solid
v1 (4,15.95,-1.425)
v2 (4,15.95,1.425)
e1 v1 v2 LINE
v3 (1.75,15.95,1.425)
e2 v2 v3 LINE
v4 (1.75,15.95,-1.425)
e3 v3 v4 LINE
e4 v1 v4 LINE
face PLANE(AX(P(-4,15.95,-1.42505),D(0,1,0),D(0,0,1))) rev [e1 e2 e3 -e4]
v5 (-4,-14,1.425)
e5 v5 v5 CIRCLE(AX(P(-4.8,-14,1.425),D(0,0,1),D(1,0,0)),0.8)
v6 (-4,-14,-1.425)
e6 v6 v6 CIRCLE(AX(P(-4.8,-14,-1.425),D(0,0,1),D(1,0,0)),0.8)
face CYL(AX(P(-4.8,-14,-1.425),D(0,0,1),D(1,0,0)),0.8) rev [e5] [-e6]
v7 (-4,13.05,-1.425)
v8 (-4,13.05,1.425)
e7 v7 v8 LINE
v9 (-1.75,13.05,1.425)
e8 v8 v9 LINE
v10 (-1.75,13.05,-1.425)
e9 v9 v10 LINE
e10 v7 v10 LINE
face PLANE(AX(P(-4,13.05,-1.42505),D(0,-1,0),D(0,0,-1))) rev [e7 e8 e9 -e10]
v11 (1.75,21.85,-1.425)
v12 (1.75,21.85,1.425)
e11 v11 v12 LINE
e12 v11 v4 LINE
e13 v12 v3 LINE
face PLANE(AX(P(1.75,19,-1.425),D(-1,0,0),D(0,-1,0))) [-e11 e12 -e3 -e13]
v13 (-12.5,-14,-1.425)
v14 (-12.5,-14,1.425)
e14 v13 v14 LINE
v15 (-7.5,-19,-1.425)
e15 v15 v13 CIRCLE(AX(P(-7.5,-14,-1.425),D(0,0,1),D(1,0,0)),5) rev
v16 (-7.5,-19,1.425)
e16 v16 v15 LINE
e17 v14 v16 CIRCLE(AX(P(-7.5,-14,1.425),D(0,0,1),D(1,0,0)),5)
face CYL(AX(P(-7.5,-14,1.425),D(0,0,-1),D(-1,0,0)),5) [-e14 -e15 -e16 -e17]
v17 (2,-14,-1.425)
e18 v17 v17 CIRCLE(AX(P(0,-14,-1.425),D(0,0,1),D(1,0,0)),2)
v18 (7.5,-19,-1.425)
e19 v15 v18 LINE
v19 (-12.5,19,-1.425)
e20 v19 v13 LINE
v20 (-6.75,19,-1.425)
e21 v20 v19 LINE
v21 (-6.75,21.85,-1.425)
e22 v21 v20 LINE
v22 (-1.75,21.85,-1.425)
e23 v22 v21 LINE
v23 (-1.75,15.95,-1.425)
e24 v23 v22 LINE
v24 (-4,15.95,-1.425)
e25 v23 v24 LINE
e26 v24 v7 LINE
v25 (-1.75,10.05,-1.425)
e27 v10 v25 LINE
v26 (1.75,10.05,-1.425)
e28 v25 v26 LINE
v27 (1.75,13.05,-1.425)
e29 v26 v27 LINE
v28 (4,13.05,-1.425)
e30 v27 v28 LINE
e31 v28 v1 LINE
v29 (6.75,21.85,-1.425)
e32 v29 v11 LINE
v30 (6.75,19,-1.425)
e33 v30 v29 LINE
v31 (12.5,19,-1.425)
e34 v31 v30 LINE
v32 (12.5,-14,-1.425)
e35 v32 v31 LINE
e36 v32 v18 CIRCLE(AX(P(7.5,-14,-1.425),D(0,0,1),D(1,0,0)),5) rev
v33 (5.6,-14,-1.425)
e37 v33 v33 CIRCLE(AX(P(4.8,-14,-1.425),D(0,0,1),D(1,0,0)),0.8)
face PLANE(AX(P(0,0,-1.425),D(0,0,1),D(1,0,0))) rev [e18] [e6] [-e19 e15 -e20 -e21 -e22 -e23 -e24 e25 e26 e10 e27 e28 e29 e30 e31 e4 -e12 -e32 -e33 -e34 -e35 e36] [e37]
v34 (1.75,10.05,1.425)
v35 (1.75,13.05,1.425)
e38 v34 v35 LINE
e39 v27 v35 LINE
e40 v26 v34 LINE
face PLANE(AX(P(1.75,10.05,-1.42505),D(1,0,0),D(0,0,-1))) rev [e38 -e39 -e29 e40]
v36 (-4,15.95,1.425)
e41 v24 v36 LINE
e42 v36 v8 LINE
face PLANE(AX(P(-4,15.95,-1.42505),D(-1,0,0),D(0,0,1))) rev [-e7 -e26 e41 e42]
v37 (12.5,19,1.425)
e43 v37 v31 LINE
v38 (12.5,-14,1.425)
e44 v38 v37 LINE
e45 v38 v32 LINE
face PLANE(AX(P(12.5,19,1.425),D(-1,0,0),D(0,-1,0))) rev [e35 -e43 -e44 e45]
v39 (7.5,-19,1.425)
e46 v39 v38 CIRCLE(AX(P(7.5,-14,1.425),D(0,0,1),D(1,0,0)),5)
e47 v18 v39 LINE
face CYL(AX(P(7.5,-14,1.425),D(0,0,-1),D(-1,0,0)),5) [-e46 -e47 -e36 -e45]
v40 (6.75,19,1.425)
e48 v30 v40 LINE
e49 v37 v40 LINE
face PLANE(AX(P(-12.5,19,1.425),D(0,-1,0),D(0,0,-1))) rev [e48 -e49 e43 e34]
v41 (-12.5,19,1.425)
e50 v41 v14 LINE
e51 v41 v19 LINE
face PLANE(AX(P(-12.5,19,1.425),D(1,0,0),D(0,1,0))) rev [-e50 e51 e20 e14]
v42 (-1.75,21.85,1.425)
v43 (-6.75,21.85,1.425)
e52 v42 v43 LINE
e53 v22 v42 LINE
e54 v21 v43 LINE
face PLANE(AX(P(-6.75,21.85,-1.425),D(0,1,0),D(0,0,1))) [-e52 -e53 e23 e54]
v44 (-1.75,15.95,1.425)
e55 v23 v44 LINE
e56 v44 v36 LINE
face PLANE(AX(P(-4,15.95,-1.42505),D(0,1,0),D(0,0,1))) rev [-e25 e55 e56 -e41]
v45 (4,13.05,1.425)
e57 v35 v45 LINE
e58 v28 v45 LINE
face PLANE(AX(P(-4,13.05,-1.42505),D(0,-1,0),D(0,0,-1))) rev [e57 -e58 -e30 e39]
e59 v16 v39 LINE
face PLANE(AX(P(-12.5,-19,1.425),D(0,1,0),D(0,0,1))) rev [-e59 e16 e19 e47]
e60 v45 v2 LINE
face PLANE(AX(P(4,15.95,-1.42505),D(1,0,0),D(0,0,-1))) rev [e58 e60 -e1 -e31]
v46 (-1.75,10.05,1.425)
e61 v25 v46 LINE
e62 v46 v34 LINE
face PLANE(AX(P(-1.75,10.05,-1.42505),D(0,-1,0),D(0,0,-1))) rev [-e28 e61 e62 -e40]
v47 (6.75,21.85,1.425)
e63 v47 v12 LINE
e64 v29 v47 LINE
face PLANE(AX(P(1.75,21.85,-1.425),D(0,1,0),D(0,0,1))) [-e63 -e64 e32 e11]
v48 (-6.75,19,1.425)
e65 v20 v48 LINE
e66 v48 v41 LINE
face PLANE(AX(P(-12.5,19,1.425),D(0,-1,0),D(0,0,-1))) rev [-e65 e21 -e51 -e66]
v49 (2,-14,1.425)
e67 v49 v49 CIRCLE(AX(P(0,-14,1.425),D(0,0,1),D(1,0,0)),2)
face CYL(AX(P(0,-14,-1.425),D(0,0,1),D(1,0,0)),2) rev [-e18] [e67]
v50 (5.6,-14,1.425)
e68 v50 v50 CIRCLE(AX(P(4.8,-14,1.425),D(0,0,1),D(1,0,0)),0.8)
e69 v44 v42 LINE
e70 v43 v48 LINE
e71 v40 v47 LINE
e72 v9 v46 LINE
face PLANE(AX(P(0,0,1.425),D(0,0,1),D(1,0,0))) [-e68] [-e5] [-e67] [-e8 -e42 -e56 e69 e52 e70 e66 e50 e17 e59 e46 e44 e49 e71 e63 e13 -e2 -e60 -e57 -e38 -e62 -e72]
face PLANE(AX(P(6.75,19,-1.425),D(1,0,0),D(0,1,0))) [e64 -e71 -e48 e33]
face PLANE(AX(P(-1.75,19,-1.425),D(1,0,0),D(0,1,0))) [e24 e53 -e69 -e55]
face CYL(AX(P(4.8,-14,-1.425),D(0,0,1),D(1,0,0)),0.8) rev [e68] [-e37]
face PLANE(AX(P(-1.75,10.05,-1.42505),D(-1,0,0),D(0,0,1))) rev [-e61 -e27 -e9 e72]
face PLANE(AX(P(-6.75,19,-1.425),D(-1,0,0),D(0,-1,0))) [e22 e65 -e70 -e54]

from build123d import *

# Parameters (mm, degrees)
SKETCH1_W           = 25
SKETCH1_H           = 38
BOSS_EXTRUDE1_DEPTH = 1.425
SKETCH2_R           = 2
CUT_EXTRUDE1_DEPTH  = 23.92100565
SKETCH3_R           = 0.8
CUT_EXTRUDE2_DEPTH  = 23.92100565
SKETCH4_W           = 5
SKETCH4_H           = 2.85
BOSS_EXTRUDE2_DEPTH = 2.85
SKETCH5_W           = 8
SKETCH5_H           = 2.9
CUT_EXTRUDE3_DEPTH  = 26.333673243
SKETCH6_W           = 3.5
SKETCH6_H           = 8.95
CUT_EXTRUDE4_DEPTH  = 26.333673243
FILLET1_R           = 5


with BuildPart() as part:
    # Sketch1 → Boss-Extrude1 (new, symmetric)
    with BuildSketch(Plane.XY):
        Rectangle(SKETCH1_W, SKETCH1_H)
    extrude(amount=BOSS_EXTRUDE1_DEPTH, both=True)

    # Sketch2 → Cut-Extrude1 (cut, through all)
    with BuildSketch(Plane.XY.offset(1.425)):
        with Locations((0, -14)):
            Circle(SKETCH2_R)
    extrude(amount=-CUT_EXTRUDE1_DEPTH, mode=Mode.SUBTRACT)

    # Sketch3 → Cut-Extrude2 (cut, through all)
    with BuildSketch(Plane.XY.offset(1.425)):
        with Locations((-4.8, -14)):
            Circle(SKETCH3_R)
        with Locations((4.8, -14)):
            Circle(SKETCH3_R)
    extrude(amount=-CUT_EXTRUDE2_DEPTH, mode=Mode.SUBTRACT)

    # Sketch4 → Boss-Extrude2 (add)
    with BuildSketch(Plane.XY.offset(1.425)):
        with Locations((-4.25, 20.425)):
            Rectangle(SKETCH4_W, SKETCH4_H)
        with Locations((4.25, 20.425)):
            Rectangle(SKETCH4_W, SKETCH4_H)
    extrude(amount=-BOSS_EXTRUDE2_DEPTH)

    # Sketch5 → Cut-Extrude3 (cut, through all)
    with BuildSketch(Plane.XY.offset(1.425)):
        with Locations((0, 14.5)):
            Rectangle(SKETCH5_W, SKETCH5_H)
    extrude(amount=-CUT_EXTRUDE3_DEPTH, mode=Mode.SUBTRACT)

    # Sketch6 → Cut-Extrude4 (cut, through all)
    with BuildSketch(Plane.XY.offset(1.425)):
        with Locations((0, 14.525)):
            Rectangle(SKETCH6_W, SKETCH6_H)
    extrude(amount=-CUT_EXTRUDE4_DEPTH, mode=Mode.SUBTRACT)

    # Fillet1
    fillet1_edges = [part.edges().sort_by_distance(p)[0] for p in [
        (12.5, -19, 0),
        (-12.5, -19, 0),
    ]]
    fillet(fillet1_edges, radius=FILLET1_R)


solid = part.part
